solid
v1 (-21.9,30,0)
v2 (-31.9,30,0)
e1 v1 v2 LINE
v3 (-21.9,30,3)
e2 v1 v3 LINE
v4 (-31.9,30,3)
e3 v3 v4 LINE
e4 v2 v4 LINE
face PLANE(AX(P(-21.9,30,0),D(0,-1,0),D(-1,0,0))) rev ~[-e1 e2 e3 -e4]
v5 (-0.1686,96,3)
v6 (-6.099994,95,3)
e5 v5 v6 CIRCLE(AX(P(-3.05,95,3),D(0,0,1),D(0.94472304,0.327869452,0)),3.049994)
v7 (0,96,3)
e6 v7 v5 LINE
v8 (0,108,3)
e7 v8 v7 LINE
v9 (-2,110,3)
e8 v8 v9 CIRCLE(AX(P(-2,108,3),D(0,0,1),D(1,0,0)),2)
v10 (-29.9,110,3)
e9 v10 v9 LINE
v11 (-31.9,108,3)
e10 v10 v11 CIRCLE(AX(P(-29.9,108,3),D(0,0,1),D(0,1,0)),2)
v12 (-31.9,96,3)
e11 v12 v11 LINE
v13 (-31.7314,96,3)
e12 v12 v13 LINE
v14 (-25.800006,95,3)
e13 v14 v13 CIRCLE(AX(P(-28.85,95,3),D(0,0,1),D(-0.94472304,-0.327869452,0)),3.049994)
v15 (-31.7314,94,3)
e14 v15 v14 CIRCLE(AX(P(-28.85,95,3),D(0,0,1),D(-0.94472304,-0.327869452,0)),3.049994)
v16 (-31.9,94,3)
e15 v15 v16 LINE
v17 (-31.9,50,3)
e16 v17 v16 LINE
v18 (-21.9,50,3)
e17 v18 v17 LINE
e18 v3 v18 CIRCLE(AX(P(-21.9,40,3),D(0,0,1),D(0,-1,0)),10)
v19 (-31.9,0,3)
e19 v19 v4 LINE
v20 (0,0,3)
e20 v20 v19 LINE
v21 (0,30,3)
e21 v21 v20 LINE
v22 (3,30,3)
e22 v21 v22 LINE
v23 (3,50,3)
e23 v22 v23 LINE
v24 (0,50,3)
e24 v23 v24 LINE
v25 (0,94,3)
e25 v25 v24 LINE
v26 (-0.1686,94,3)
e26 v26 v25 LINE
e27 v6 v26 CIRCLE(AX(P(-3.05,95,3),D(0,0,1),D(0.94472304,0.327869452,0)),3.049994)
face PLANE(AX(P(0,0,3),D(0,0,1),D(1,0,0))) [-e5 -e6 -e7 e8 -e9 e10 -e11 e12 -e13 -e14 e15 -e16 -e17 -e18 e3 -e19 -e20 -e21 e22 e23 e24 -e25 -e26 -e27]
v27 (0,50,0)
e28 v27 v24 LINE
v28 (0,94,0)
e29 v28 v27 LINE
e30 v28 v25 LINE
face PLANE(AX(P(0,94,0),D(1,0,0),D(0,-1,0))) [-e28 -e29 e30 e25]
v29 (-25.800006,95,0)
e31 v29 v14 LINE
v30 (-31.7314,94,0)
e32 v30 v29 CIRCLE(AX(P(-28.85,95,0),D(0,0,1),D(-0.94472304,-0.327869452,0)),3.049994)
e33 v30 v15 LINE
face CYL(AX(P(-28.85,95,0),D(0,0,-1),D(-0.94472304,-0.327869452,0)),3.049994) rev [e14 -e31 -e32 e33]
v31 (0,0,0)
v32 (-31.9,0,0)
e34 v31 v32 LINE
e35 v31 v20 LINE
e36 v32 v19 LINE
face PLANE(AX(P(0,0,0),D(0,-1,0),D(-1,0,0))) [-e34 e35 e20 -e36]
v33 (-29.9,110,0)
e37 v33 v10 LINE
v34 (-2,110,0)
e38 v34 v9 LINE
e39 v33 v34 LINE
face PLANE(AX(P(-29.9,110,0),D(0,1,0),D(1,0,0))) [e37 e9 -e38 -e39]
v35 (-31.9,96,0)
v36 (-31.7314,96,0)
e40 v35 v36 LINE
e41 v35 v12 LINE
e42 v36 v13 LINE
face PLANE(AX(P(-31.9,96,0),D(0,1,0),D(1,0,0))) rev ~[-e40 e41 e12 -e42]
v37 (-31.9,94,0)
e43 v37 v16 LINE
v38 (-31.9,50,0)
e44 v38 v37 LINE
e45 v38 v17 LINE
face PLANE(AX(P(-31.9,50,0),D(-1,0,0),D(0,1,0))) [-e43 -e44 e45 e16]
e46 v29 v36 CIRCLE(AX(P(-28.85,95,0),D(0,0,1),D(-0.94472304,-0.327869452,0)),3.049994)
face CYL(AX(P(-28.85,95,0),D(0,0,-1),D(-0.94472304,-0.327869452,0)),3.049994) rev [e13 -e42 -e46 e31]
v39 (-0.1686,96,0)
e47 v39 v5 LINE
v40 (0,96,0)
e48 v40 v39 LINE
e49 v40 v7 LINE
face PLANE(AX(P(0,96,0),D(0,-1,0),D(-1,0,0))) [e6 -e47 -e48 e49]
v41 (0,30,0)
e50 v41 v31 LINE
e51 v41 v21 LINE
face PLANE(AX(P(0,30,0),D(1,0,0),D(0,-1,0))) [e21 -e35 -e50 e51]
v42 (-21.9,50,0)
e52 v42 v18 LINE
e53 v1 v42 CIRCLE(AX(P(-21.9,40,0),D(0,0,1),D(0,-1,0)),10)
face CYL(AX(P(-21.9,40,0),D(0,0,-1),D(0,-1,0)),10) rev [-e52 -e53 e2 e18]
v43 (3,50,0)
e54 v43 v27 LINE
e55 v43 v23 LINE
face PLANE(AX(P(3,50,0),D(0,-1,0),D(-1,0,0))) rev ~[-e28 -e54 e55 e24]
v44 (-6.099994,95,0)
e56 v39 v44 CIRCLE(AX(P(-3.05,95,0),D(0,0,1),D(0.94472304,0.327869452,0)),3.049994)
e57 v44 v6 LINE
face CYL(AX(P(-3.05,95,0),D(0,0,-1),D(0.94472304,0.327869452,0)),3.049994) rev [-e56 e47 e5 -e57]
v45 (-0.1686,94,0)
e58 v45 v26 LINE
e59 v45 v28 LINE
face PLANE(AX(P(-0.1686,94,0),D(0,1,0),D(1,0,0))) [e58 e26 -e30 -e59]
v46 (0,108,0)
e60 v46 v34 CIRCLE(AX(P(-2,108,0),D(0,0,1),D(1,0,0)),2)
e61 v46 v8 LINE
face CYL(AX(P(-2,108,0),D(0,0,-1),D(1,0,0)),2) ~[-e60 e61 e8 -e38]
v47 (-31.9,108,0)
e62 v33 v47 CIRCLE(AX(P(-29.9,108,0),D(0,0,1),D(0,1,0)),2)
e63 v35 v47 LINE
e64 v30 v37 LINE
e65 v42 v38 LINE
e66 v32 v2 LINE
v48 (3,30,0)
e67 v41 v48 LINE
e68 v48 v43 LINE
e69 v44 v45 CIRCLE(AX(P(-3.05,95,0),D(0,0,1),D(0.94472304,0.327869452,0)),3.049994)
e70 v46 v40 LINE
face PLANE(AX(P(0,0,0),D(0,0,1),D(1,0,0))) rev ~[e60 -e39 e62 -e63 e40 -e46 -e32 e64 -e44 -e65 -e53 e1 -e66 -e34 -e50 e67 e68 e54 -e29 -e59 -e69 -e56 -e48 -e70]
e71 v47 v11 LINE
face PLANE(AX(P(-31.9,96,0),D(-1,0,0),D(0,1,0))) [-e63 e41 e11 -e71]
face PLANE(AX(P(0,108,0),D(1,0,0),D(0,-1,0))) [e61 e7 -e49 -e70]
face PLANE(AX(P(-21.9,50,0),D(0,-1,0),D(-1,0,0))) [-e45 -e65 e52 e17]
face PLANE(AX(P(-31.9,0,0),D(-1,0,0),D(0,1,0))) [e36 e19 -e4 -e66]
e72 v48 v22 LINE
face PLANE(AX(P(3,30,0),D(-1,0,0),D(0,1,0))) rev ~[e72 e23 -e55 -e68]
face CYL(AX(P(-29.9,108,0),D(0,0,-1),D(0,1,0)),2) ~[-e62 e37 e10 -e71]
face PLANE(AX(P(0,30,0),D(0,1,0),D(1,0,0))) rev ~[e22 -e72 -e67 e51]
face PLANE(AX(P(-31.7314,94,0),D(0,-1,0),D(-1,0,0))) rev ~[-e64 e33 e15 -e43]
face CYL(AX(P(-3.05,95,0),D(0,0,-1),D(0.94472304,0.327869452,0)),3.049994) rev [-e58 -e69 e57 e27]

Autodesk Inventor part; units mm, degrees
ref_plane "YZ Plane" through (0, 0, 0) normal (1, 0, 0) x (0, 1, 0)
ref_plane "XZ Plane" through (0, 0, 0) normal (0, 1, 0) x (-1, 0, 0)
ref_plane "XY Plane" through (0, 0, 0) normal (0, 0, 1) x (1, 0, 0)
sketch "Эскиз1" plane through (0, 0, 0) normal (0, 0, 1) x (1, 0, 0)
  line L0 (0, 0) -> (-31.9, 0)
  line L1 (-29.9, 110) -> (-2, 110)
  arc A0 (-21.9, 30) -> (-21.9, 50) centre (-21.9, 40) ccw
  line L2 (-21.9, 30) -> (-31.9, 30)
  line L3 (-21.9, 50) -> (-31.9, 50)
  line L4 (0, 30) -> (3, 30)
  line L5 (3, 30) -> (3, 50)
  line L6 (3, 50) -> (0, 50)
  line L7 (-31.9, 0) -> (-31.9, 30)
  line L8 (0, 30) -> (0, 0)
  arc A1 (-31.7314, 94) -> (-31.7314, 96) centre (-28.85, 95) ccw
  line L9 (-15.95, 107.7071) -> (-15.95, 80.3284)
  line L10 (-31.9, 96) -> (-31.7314, 96)
  line L11 (-31.7314, 94) -> (-31.9, 94)
  line L12 (-32.5539, 95) -> (-24.186, 95)
  line L13 (-31.9, 50) -> (-31.9, 94)
  line L14 (-31.9, 96) -> (-31.9, 108)
  arc A2 (-0.1686, 96) -> (-0.1686, 94) centre (-3.05, 95) ccw
  line L15 (0, 96) -> (-0.1686, 96)
  line L16 (-0.1686, 94) -> (0, 94)
  line L17 (0.6539, 95) -> (-7.714, 95)
  line L18 (0, 108) -> (0, 96)
  line L19 (0, 94) -> (0, 50)
  arc A3 (-29.9, 110) -> (-31.9, 108) centre (-29.9, 108) ccw
  arc A4 (0, 108) -> (-2, 110) centre (-2, 108) ccw
  point P0 (-31.9, 110)
  point P1 (0, 110)
  dimension "d0" = 31.9
  dimension "d1" = 40
  dimension "d2" = 70
  dimension "d3" = 20
  dimension "d4" = 3
  dimension "d7" = 55
  dimension "d8" = 6.1
  dimension "d9" = 2
  dimension "d10" = 2
extrude "Выдавливание1" add sketch "Эскиз1" along normal blind 3
equation "\"d0\" = -2 * thickness_profile_tibea + hight_profile_tibea - tolerance_plazma"
equation "\"d3\" = d_main_shaft"
equation "\"d4\" = thickness_steel"
equation "\"d8\" = d_main_screw_holes"
equation "\"d5\" = thickness_steel"
equation "\"tolerance_plazma\" = 0.1"
equation "\"d_main_screw_holes\" = 6.1"
equation "\"d_main_shaft\" = 20"
equation "\"thickness_profile_tibea\" = 4"
equation "\"thickness_steel\" = 3"
equation "\"thickness_profile_femur\" = 3"
equation "\"width_shaft_shift\" = 35"
equation "\"width_flattened_surface\" = 12"
equation "\"hight_profile_tibea\" = 40"
properties part number "tibea_inside_steel" material "Сталь"
